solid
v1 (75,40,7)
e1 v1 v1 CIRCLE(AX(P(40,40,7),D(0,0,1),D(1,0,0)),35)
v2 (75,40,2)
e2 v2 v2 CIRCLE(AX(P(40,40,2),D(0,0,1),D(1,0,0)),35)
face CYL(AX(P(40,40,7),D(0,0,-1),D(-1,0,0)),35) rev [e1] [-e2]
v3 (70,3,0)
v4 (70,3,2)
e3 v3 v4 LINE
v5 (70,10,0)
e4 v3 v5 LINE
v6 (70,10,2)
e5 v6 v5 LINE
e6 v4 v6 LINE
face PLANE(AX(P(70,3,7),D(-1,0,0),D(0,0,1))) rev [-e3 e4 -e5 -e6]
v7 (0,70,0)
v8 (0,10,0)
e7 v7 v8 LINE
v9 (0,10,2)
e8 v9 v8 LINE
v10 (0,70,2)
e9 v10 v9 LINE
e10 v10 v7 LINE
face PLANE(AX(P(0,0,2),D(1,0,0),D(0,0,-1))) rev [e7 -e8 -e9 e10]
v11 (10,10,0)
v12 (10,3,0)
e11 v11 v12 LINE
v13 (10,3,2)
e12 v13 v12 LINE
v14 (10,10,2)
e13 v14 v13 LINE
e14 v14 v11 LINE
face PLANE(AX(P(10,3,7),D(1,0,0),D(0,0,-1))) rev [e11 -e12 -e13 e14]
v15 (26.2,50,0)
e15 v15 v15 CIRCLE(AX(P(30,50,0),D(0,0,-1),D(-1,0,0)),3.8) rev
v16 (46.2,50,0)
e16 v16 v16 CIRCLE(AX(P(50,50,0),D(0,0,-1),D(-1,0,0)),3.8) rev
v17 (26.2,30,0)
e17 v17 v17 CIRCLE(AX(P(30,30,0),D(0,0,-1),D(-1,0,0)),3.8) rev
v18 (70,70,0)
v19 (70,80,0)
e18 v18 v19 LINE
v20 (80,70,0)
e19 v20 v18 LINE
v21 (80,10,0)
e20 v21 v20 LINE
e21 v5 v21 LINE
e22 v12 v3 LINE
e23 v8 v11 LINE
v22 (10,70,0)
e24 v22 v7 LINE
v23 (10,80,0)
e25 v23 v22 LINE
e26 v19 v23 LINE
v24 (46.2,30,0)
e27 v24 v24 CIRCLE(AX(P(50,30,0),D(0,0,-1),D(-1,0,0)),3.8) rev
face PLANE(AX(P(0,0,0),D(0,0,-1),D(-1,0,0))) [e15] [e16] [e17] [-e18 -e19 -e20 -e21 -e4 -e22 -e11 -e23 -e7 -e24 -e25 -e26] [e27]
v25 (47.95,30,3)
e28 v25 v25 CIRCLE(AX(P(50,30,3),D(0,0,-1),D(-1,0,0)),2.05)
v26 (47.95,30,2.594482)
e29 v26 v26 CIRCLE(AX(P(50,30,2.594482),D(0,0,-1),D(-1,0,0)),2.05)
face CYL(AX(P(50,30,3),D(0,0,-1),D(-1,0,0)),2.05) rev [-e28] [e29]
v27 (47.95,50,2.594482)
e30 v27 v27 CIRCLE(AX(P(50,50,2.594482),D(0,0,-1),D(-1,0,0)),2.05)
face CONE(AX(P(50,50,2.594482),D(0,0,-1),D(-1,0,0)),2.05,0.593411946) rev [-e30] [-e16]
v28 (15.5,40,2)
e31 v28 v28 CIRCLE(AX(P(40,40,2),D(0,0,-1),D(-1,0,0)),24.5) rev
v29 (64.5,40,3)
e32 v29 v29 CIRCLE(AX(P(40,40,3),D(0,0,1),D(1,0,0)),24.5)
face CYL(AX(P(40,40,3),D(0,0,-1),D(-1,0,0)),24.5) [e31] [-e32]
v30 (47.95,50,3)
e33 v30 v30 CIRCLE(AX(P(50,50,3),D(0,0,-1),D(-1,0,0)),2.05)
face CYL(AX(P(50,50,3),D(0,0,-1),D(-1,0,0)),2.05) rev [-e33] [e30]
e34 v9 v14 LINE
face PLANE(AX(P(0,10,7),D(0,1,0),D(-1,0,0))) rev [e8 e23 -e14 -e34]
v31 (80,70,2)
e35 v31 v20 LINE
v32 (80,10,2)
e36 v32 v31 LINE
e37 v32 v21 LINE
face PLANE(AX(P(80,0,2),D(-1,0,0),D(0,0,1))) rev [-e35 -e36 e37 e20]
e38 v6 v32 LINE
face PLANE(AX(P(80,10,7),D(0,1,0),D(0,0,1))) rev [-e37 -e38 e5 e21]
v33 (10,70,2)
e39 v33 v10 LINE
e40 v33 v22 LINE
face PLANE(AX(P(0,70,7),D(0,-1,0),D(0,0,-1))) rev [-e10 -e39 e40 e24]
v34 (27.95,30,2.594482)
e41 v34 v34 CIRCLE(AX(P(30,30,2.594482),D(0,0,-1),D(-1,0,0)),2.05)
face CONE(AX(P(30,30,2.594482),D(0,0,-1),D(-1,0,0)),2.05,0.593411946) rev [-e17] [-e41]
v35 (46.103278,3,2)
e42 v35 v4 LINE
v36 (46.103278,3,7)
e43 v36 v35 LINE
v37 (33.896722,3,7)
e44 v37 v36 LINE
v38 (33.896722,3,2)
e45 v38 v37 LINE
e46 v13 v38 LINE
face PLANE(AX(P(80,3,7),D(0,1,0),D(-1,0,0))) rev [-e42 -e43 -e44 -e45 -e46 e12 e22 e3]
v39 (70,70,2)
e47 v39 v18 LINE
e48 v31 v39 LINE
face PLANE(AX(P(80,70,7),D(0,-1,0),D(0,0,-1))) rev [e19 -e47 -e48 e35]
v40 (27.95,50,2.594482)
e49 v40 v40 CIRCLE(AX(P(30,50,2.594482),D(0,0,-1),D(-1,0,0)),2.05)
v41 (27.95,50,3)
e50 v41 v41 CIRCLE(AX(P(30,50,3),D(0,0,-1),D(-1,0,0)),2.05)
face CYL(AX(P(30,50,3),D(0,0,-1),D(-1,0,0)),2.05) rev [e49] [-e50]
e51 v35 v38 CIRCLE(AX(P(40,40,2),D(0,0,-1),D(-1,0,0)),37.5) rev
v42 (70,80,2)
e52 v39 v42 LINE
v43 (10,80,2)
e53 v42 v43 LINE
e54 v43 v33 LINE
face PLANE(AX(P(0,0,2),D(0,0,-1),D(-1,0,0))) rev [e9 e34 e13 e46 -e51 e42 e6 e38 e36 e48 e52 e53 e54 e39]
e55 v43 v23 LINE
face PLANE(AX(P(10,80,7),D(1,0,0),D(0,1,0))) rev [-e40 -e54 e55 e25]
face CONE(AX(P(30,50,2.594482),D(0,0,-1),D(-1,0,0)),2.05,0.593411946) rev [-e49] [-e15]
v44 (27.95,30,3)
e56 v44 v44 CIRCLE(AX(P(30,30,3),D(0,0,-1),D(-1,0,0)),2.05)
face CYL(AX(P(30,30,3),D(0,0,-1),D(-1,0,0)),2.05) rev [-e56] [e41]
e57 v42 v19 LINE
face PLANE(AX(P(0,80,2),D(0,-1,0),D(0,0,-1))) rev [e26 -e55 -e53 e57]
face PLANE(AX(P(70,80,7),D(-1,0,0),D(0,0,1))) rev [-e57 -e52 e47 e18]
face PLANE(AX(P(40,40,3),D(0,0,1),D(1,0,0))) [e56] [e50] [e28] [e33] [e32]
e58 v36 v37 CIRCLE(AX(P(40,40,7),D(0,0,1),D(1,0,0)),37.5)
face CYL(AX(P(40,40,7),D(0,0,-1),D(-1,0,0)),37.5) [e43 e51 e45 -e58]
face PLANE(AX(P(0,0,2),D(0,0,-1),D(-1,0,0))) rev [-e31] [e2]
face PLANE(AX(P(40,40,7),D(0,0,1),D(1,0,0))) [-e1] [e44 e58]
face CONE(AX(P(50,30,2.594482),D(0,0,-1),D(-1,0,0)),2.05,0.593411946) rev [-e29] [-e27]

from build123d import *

# Parameters (mm, degrees)
ESQUISSE1_W             = 80
ESQUISSE1_H             = 80
BOSS_EXTRU_1_DEPTH      = 2
ESQUISSE2_R             = 24.5
BOSS_EXTRU_2_DEPTH      = 1
ESQUISSE3_R             = 2.05
ENL_V_MAT_EXTRU_1_DEPTH = 4
CHANFREIN1_SIZE         = 1.75
CHANFREIN1_SIZE2        = 2.594481695
ESQUISSE4_R             = 37.5
ESQUISSE4_R_2           = 35
BOSS_EXTRU_3_DEPTH      = 5
ESQUISSE5_W             = 80
ESQUISSE5_H             = 3
ENL_V_MAT_EXTRU_2_DEPTH = 8
ESQUISSE6_W             = 10
ESQUISSE6_H             = 10
ESQUISSE6_H_2           = 7
ENL_V_MAT_EXTRU_3_DEPTH = 8


with BuildPart() as part:
    # Esquisse1 → Boss.-Extru.1 (new body)
    with BuildSketch(Plane.XY):
        with Locations((40, 40)):
            Rectangle(ESQUISSE1_W, ESQUISSE1_H)
    extrude(amount=BOSS_EXTRU_1_DEPTH)

    # Esquisse2 → Boss.-Extru.2 (add)
    with BuildSketch(Plane.XY.offset(2)):
        with Locations((40, 40)):
            Circle(ESQUISSE2_R)
    extrude(amount=BOSS_EXTRU_2_DEPTH)

    # Esquisse3 → Enlèv. mat.-Extru.1 (cut, through all)
    with BuildSketch(Plane(origin=(0, 0, 0), x_dir=(-1, 0, 0), z_dir=(0, 0, -1))):
        with Locations((-50, 50)):
            Circle(ESQUISSE3_R)
        with Locations((-50, 30)):
            Circle(ESQUISSE3_R)
        with Locations((-30, 30)):
            Circle(ESQUISSE3_R)
        with Locations((-30, 50)):
            Circle(ESQUISSE3_R)
    extrude(amount=-ENL_V_MAT_EXTRU_1_DEPTH, mode=Mode.SUBTRACT)

    # Chanfrein1
    chanfrein1_edges = [part.edges().sort_by_distance(p)[0] for p in [
        (52.05, 50, 0),
        (52.05, 30, 0),
        (32.05, 30, 0),
        (32.05, 50, 0),
    ]]
    chanfrein1_side = [part.faces().sort_by_distance(p)[0] for p in [
        (40, 40, 0),
    ]]
    chamfer(chanfrein1_edges, length=CHANFREIN1_SIZE, length2=CHANFREIN1_SIZE2, reference=chanfrein1_side[0])

    # Esquisse4 → Boss.-Extru.3 (add)
    with BuildSketch(Plane.XY.offset(2)):
        with Locations((40, 40)):
            Circle(ESQUISSE4_R)
        with Locations((40, 40)):
            Circle(ESQUISSE4_R_2, mode=Mode.SUBTRACT)
    extrude(amount=BOSS_EXTRU_3_DEPTH)

    # Esquisse5 → Enlèv. mat.-Extru.2 (cut, through all)
    with BuildSketch(Plane(origin=(0, 0, 0), x_dir=(-1, 0, 0), z_dir=(0, 0, -1))):
        with Locations((-40, 1.5)):
            Rectangle(ESQUISSE5_W, ESQUISSE5_H)
    extrude(amount=-ENL_V_MAT_EXTRU_2_DEPTH, mode=Mode.SUBTRACT)

    # Esquisse6 → Enlèv. mat.-Extru.3 (cut, through all)
    with BuildSketch(Plane(origin=(0, 0, 0), x_dir=(-1, 0, 0), z_dir=(0, 0, -1))):
        with Locations((-75, 75)):
            Rectangle(ESQUISSE6_W, ESQUISSE6_H)
        with Locations((-5, 75)):
            Rectangle(ESQUISSE6_W, ESQUISSE6_H)
        with Locations((-5, 6.5)):
            Rectangle(ESQUISSE6_W, ESQUISSE6_H_2)
        with Locations((-75, 6.5)):
            Rectangle(ESQUISSE6_W, ESQUISSE6_H_2)
    extrude(amount=-ENL_V_MAT_EXTRU_3_DEPTH, mode=Mode.SUBTRACT)


solid = part.part
